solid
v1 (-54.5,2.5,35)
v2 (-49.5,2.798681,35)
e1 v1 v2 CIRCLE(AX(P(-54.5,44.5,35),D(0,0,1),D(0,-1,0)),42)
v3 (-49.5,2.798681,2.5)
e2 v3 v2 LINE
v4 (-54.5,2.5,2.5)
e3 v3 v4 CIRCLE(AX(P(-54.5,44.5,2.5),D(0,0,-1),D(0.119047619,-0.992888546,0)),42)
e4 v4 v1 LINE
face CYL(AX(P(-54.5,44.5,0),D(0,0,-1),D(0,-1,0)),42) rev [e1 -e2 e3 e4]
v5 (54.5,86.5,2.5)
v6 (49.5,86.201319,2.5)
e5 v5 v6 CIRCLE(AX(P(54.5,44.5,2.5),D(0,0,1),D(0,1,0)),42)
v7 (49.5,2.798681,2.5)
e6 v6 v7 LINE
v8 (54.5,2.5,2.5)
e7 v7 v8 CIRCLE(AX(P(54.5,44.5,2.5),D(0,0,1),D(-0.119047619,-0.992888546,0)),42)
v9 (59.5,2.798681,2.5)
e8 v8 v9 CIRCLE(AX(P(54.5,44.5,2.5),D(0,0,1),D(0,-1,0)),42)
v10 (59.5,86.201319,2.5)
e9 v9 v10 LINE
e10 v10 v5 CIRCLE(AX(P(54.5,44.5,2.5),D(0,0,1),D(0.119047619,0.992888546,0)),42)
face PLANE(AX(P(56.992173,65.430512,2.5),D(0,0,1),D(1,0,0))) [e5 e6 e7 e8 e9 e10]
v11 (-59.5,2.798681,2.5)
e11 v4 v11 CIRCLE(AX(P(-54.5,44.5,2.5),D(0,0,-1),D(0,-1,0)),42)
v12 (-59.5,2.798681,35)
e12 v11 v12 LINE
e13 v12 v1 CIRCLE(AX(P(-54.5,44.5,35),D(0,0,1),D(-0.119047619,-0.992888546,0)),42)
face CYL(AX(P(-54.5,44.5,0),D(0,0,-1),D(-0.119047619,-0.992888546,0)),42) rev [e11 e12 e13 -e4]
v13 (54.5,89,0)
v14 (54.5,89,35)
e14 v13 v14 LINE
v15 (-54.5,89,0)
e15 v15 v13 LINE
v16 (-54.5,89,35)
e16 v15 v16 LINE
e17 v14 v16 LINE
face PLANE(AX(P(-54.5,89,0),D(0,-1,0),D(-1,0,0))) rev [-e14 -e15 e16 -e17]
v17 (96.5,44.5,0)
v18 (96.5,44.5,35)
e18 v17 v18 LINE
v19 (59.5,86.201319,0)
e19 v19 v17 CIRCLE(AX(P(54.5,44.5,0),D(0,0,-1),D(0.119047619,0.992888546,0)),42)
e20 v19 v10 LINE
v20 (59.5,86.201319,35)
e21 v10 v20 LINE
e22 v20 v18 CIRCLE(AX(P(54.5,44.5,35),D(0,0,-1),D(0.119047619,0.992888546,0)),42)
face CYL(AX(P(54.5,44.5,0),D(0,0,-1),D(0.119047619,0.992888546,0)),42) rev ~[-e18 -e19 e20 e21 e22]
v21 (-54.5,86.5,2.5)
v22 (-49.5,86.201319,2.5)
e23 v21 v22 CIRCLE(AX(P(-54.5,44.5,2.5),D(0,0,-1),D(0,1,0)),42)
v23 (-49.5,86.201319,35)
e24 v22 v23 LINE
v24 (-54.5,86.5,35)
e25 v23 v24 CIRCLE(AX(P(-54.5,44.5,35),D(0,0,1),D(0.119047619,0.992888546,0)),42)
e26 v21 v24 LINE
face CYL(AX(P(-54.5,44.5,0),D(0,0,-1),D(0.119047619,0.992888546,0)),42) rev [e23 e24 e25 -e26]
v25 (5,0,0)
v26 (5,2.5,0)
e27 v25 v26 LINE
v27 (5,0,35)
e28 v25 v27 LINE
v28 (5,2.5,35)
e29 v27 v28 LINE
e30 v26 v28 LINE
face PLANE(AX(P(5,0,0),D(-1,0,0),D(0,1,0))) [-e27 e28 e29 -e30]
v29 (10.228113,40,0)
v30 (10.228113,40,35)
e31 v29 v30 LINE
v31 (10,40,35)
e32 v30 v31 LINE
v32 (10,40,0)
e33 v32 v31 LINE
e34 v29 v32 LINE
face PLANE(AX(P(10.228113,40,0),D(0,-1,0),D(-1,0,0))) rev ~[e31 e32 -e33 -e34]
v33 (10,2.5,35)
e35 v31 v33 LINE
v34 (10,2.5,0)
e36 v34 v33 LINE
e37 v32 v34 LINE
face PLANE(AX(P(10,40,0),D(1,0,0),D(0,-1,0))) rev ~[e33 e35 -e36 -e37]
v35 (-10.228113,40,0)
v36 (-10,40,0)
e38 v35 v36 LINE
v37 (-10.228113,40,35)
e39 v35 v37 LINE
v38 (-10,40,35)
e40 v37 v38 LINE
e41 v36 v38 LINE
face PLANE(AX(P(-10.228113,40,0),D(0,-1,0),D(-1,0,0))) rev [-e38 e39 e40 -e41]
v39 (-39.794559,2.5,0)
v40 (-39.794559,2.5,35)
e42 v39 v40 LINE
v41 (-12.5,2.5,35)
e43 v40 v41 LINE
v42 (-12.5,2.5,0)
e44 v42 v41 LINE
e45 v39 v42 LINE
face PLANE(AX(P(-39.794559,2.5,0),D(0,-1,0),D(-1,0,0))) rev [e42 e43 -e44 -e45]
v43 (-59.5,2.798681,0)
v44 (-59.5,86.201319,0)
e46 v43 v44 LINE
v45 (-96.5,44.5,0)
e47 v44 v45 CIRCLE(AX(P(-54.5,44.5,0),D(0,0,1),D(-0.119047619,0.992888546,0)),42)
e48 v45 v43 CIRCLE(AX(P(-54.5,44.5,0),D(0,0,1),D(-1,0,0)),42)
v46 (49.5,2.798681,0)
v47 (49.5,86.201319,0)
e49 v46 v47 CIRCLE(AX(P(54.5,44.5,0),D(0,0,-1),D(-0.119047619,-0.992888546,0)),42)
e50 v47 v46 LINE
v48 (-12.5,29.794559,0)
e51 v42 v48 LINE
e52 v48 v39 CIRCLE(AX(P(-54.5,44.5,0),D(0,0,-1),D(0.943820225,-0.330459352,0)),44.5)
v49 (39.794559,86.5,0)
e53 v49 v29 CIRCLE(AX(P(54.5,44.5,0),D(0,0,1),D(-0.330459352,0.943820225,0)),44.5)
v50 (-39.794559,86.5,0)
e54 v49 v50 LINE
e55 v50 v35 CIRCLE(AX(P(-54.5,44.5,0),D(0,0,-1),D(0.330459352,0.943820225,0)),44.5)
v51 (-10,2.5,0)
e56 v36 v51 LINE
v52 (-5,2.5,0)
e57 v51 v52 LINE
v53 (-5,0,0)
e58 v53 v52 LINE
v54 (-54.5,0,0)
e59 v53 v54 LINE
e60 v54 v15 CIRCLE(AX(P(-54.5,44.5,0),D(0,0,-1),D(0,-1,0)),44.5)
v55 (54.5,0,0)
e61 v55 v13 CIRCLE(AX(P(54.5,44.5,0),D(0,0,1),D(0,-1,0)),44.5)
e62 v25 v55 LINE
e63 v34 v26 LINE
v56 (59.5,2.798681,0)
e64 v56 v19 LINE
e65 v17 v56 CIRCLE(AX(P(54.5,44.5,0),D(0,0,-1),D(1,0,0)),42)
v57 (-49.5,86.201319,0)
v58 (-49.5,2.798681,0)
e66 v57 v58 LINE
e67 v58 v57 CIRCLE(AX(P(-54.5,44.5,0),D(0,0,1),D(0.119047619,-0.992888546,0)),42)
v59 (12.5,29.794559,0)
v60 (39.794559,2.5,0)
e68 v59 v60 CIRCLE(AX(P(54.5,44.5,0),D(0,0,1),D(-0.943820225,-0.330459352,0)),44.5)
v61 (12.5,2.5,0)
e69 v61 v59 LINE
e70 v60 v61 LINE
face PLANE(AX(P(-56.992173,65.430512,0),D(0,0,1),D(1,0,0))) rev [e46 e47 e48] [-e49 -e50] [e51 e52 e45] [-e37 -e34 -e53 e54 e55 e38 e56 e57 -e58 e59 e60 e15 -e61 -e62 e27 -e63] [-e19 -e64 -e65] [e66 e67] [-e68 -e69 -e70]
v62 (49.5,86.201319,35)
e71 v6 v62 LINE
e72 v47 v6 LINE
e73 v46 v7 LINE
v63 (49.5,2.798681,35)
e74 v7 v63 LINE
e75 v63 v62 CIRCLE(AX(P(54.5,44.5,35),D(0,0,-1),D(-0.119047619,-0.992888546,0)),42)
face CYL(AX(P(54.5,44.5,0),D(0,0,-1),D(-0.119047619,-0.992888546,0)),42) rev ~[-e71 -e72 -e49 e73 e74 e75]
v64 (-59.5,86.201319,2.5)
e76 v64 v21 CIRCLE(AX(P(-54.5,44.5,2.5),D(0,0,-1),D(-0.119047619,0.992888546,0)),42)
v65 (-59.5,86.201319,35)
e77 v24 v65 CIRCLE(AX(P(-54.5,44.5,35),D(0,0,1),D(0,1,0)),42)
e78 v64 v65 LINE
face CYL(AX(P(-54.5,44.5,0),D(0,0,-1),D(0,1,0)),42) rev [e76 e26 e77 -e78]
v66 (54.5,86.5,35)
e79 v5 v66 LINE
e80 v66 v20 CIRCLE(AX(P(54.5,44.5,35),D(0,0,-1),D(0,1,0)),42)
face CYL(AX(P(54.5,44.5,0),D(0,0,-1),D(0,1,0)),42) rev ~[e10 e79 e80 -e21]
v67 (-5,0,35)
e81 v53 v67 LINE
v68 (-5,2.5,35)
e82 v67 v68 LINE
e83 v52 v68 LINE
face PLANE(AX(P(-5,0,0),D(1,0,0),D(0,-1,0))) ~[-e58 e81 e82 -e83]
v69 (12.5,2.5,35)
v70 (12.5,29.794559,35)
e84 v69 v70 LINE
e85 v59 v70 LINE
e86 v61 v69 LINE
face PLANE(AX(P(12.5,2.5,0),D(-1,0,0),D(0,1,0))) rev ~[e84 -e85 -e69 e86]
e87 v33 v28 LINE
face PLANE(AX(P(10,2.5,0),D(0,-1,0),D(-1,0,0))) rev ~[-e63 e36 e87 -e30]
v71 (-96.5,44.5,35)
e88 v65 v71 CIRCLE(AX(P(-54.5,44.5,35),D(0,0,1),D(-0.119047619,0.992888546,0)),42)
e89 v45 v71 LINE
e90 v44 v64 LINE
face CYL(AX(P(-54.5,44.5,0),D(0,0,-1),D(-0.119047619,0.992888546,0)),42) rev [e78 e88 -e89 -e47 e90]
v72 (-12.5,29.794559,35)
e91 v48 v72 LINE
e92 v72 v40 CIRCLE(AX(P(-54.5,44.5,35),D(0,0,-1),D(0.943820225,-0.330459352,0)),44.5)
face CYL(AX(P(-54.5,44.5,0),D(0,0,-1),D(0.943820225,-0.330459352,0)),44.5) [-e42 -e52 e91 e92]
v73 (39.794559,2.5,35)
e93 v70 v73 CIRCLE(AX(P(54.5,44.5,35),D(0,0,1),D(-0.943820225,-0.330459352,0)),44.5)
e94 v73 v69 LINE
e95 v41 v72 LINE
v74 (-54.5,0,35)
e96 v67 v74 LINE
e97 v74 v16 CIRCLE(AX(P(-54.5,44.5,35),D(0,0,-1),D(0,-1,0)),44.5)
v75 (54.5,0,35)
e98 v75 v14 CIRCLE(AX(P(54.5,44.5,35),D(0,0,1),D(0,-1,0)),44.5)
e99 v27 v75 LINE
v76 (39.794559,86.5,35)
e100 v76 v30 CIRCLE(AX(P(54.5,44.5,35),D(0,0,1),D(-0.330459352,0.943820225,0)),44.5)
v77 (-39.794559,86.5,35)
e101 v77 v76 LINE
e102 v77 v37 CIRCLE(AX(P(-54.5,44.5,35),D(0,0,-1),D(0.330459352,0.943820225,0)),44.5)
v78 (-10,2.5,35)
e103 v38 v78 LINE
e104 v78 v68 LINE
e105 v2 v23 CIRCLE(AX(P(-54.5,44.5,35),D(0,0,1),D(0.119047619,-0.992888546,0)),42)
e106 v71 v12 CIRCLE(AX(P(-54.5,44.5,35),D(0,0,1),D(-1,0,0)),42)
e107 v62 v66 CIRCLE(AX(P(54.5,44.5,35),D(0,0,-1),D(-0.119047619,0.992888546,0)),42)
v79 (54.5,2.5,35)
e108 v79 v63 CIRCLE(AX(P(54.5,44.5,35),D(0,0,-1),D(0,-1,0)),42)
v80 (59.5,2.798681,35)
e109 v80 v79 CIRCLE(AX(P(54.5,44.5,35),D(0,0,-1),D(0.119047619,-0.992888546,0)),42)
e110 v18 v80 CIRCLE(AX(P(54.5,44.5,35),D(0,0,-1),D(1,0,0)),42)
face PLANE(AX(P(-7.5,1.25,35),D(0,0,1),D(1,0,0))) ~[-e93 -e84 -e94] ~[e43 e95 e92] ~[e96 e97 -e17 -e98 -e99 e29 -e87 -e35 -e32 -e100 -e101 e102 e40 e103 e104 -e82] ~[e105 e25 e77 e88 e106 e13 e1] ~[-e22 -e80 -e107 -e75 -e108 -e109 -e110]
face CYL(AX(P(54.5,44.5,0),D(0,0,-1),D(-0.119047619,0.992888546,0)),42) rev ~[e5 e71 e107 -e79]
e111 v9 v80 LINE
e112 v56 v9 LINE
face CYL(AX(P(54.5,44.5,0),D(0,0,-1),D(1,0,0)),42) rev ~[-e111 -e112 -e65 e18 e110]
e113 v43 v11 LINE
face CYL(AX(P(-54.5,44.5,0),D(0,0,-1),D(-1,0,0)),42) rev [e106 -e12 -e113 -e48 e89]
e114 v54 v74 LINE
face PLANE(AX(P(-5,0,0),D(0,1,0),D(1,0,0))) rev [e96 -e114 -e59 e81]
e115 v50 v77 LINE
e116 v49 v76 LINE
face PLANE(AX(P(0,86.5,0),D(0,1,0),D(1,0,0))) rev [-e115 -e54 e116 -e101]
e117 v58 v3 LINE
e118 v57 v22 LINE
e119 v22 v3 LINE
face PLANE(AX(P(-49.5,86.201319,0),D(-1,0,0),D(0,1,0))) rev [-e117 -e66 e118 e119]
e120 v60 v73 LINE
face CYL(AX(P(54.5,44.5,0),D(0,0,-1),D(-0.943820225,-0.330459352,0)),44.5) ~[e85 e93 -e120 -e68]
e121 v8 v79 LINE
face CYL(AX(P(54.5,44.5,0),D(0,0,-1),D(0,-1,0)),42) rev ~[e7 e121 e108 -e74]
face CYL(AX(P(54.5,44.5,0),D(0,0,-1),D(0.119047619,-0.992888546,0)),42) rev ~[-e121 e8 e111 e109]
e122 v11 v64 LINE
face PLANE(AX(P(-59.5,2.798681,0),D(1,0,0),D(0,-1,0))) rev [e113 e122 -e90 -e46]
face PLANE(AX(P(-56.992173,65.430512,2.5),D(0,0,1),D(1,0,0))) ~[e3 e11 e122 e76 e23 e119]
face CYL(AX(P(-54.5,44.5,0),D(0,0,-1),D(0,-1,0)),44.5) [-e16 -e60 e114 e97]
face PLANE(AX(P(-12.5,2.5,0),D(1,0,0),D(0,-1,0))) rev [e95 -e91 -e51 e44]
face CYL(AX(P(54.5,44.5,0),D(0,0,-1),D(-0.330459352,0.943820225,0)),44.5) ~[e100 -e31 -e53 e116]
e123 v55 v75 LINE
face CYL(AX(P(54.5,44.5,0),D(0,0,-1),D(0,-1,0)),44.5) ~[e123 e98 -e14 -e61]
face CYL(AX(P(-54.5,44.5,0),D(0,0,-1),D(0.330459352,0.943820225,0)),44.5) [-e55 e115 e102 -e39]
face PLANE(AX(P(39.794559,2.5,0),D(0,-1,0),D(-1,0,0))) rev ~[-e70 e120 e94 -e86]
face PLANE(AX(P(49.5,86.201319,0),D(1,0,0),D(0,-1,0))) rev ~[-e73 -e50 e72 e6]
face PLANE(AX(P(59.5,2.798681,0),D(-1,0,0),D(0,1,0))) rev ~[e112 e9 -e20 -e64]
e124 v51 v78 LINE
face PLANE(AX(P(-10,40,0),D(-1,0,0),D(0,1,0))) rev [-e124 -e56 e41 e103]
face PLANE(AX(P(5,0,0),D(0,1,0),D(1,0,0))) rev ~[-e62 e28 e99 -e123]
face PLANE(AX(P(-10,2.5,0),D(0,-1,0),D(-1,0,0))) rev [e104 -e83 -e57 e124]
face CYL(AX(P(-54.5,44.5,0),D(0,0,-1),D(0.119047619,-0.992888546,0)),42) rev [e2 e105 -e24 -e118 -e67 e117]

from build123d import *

# Parameters (mm, degrees)
F0_W     = 5
F0_H     = 2.5
F0_W_2   = 2.5
F1_DEPTH = 35
F2_DEPTH = 2.5


with BuildPart() as f1:
    # F0 (on Top) → F1 (new body)
    with BuildSketch(Plane.XY):
        with Locations((7.5, 1.25)):
            Rectangle(F0_W, F0_H)
        with Locations((11.25, 1.25)):
            Rectangle(F0_W_2, F0_H)
        with BuildLine():
            Line((10, 40), (10, 2.5))
            Line((10, 2.5), (12.5, 2.5))
            Line((12.5, 2.5), (12.5, 29.7945588301))
            ThreePointArc((12.5, 29.7945588301), (11.0632944452, 34.8303252101), (10.2281127576, 40))
            Line((10.2281127576, 40), (10, 40))
        make_face()
        with BuildLine():
            Line((12.5, 2.5), (12.5, 0))
            Line((12.5, 0), (54.5, 0))
            ThreePointArc((54.5, 0), (47.0417830549, 0.6294517928), (39.7945588301, 2.5))
            Line((39.7945588301, 2.5), (12.5, 2.5))
        make_face()
        with BuildLine():
            Line((39.7945588301, 2.5), (54.5, 2.5))
            ThreePointArc((54.5, 2.5), (51.9955434529, 2.574736764), (49.5, 2.798681076))
            ThreePointArc((49.5, 2.798681076), (12.5, 44.5), (49.5, 86.201318924))
            ThreePointArc((49.5, 86.201318924), (51.9955434529, 86.425263236), (54.5, 86.5))
            Line((54.5, 86.5), (39.7945588301, 86.5))
            ThreePointArc((39.7945588301, 86.5), (16.948118334, 68.3768964344), (10.2281127576, 40))
            Line((10.2281127576, 40), (12.5, 40))
            Line((12.5, 40), (12.5, 29.7945588301))
            ThreePointArc((12.5, 29.7945588301), (23.0337482372, 13.0337482372), (39.7945588301, 2.5))
        make_face()
        with BuildLine():
            ThreePointArc((10.2281127576, 40), (11.0632944452, 34.8303252101), (12.5, 29.7945588301))
            Line((12.5, 29.7945588301), (12.5, 40))
            Line((12.5, 40), (10.2281127576, 40))
        make_face()
        with BuildLine():
            ThreePointArc((39.7945588301, 2.5), (47.0417830549, 0.6294517928), (54.5, 0))
            Line((54.5, 0), (54.5, 2.5))
            Line((54.5, 2.5), (39.7945588301, 2.5))
        make_face()
        with BuildLine():
            Line((54.5, 2.5), (54.5, 0))
            ThreePointArc((54.5, 0), (85.9662517628, 13.0337482372), (99, 44.5))
            ThreePointArc((99, 44.5), (85.9662517628, 75.9662517628), (54.5, 89))
            Line((54.5, 89), (54.5, 86.5))
            ThreePointArc((54.5, 86.5), (57.0044565471, 86.425263236), (59.5, 86.201318924))
            ThreePointArc((59.5, 86.201318924), (85.9165561448, 72.3747197295), (96.5, 44.5))
            ThreePointArc((96.5, 44.5), (85.9165561448, 16.6252802705), (59.5, 2.798681076))
            ThreePointArc((59.5, 2.798681076), (57.0044565471, 2.574736764), (54.5, 2.5))
        make_face()
        with BuildLine():
            Line((54.5, 86.5), (54.5, 89))
            ThreePointArc((54.5, 89), (47.0417830549, 88.3705482072), (39.7945588301, 86.5))
            Line((39.7945588301, 86.5), (54.5, 86.5))
        make_face()
        with BuildLine():
            ThreePointArc((39.7945588301, 86.5), (47.0417830549, 88.3705482072), (54.5, 89))
            Line((54.5, 89), (0, 89))
            Line((0, 89), (0, 86.5))
            Line((0, 86.5), (39.7945588301, 86.5))
        make_face()
    extrude(amount=F1_DEPTH)

    # F0 (on Top) → F2 (join)
    with BuildSketch(Plane.XY):
        with BuildLine():
            Line((54.5, 86.5), (54.5, 44.5))
            Line((54.5, 44.5), (59.5, 44.5))
            Line((59.5, 44.5), (59.5, 86.201318924))
            ThreePointArc((59.5, 86.201318924), (57.0044565471, 86.425263236), (54.5, 86.5))
        make_face()
        with BuildLine():
            Line((49.5, 44.5), (54.5, 44.5))
            Line((54.5, 44.5), (54.5, 86.5))
            ThreePointArc((54.5, 86.5), (51.9955434529, 86.425263236), (49.5, 86.201318924))
            Line((49.5, 86.201318924), (49.5, 44.5))
        make_face()
        with BuildLine():
            ThreePointArc((49.5, 2.798681076), (51.9955434529, 2.574736764), (54.5, 2.5))
            Line((54.5, 2.5), (54.5, 44.5))
            Line((54.5, 44.5), (49.5, 44.5))
            Line((49.5, 44.5), (49.5, 2.798681076))
        make_face()
        with BuildLine():
            Line((54.5, 44.5), (54.5, 2.5))
            ThreePointArc((54.5, 2.5), (57.0044565471, 2.574736764), (59.5, 2.798681076))
            Line((59.5, 2.798681076), (59.5, 44.5))
            Line((59.5, 44.5), (54.5, 44.5))
        make_face()
    extrude(amount=F2_DEPTH)

    # F3: F1 across plane


with BuildPart() as f1_1:
    add(f1.part)
    add(f1.part.mirror(Plane.YZ))


solid = f1_1.part
